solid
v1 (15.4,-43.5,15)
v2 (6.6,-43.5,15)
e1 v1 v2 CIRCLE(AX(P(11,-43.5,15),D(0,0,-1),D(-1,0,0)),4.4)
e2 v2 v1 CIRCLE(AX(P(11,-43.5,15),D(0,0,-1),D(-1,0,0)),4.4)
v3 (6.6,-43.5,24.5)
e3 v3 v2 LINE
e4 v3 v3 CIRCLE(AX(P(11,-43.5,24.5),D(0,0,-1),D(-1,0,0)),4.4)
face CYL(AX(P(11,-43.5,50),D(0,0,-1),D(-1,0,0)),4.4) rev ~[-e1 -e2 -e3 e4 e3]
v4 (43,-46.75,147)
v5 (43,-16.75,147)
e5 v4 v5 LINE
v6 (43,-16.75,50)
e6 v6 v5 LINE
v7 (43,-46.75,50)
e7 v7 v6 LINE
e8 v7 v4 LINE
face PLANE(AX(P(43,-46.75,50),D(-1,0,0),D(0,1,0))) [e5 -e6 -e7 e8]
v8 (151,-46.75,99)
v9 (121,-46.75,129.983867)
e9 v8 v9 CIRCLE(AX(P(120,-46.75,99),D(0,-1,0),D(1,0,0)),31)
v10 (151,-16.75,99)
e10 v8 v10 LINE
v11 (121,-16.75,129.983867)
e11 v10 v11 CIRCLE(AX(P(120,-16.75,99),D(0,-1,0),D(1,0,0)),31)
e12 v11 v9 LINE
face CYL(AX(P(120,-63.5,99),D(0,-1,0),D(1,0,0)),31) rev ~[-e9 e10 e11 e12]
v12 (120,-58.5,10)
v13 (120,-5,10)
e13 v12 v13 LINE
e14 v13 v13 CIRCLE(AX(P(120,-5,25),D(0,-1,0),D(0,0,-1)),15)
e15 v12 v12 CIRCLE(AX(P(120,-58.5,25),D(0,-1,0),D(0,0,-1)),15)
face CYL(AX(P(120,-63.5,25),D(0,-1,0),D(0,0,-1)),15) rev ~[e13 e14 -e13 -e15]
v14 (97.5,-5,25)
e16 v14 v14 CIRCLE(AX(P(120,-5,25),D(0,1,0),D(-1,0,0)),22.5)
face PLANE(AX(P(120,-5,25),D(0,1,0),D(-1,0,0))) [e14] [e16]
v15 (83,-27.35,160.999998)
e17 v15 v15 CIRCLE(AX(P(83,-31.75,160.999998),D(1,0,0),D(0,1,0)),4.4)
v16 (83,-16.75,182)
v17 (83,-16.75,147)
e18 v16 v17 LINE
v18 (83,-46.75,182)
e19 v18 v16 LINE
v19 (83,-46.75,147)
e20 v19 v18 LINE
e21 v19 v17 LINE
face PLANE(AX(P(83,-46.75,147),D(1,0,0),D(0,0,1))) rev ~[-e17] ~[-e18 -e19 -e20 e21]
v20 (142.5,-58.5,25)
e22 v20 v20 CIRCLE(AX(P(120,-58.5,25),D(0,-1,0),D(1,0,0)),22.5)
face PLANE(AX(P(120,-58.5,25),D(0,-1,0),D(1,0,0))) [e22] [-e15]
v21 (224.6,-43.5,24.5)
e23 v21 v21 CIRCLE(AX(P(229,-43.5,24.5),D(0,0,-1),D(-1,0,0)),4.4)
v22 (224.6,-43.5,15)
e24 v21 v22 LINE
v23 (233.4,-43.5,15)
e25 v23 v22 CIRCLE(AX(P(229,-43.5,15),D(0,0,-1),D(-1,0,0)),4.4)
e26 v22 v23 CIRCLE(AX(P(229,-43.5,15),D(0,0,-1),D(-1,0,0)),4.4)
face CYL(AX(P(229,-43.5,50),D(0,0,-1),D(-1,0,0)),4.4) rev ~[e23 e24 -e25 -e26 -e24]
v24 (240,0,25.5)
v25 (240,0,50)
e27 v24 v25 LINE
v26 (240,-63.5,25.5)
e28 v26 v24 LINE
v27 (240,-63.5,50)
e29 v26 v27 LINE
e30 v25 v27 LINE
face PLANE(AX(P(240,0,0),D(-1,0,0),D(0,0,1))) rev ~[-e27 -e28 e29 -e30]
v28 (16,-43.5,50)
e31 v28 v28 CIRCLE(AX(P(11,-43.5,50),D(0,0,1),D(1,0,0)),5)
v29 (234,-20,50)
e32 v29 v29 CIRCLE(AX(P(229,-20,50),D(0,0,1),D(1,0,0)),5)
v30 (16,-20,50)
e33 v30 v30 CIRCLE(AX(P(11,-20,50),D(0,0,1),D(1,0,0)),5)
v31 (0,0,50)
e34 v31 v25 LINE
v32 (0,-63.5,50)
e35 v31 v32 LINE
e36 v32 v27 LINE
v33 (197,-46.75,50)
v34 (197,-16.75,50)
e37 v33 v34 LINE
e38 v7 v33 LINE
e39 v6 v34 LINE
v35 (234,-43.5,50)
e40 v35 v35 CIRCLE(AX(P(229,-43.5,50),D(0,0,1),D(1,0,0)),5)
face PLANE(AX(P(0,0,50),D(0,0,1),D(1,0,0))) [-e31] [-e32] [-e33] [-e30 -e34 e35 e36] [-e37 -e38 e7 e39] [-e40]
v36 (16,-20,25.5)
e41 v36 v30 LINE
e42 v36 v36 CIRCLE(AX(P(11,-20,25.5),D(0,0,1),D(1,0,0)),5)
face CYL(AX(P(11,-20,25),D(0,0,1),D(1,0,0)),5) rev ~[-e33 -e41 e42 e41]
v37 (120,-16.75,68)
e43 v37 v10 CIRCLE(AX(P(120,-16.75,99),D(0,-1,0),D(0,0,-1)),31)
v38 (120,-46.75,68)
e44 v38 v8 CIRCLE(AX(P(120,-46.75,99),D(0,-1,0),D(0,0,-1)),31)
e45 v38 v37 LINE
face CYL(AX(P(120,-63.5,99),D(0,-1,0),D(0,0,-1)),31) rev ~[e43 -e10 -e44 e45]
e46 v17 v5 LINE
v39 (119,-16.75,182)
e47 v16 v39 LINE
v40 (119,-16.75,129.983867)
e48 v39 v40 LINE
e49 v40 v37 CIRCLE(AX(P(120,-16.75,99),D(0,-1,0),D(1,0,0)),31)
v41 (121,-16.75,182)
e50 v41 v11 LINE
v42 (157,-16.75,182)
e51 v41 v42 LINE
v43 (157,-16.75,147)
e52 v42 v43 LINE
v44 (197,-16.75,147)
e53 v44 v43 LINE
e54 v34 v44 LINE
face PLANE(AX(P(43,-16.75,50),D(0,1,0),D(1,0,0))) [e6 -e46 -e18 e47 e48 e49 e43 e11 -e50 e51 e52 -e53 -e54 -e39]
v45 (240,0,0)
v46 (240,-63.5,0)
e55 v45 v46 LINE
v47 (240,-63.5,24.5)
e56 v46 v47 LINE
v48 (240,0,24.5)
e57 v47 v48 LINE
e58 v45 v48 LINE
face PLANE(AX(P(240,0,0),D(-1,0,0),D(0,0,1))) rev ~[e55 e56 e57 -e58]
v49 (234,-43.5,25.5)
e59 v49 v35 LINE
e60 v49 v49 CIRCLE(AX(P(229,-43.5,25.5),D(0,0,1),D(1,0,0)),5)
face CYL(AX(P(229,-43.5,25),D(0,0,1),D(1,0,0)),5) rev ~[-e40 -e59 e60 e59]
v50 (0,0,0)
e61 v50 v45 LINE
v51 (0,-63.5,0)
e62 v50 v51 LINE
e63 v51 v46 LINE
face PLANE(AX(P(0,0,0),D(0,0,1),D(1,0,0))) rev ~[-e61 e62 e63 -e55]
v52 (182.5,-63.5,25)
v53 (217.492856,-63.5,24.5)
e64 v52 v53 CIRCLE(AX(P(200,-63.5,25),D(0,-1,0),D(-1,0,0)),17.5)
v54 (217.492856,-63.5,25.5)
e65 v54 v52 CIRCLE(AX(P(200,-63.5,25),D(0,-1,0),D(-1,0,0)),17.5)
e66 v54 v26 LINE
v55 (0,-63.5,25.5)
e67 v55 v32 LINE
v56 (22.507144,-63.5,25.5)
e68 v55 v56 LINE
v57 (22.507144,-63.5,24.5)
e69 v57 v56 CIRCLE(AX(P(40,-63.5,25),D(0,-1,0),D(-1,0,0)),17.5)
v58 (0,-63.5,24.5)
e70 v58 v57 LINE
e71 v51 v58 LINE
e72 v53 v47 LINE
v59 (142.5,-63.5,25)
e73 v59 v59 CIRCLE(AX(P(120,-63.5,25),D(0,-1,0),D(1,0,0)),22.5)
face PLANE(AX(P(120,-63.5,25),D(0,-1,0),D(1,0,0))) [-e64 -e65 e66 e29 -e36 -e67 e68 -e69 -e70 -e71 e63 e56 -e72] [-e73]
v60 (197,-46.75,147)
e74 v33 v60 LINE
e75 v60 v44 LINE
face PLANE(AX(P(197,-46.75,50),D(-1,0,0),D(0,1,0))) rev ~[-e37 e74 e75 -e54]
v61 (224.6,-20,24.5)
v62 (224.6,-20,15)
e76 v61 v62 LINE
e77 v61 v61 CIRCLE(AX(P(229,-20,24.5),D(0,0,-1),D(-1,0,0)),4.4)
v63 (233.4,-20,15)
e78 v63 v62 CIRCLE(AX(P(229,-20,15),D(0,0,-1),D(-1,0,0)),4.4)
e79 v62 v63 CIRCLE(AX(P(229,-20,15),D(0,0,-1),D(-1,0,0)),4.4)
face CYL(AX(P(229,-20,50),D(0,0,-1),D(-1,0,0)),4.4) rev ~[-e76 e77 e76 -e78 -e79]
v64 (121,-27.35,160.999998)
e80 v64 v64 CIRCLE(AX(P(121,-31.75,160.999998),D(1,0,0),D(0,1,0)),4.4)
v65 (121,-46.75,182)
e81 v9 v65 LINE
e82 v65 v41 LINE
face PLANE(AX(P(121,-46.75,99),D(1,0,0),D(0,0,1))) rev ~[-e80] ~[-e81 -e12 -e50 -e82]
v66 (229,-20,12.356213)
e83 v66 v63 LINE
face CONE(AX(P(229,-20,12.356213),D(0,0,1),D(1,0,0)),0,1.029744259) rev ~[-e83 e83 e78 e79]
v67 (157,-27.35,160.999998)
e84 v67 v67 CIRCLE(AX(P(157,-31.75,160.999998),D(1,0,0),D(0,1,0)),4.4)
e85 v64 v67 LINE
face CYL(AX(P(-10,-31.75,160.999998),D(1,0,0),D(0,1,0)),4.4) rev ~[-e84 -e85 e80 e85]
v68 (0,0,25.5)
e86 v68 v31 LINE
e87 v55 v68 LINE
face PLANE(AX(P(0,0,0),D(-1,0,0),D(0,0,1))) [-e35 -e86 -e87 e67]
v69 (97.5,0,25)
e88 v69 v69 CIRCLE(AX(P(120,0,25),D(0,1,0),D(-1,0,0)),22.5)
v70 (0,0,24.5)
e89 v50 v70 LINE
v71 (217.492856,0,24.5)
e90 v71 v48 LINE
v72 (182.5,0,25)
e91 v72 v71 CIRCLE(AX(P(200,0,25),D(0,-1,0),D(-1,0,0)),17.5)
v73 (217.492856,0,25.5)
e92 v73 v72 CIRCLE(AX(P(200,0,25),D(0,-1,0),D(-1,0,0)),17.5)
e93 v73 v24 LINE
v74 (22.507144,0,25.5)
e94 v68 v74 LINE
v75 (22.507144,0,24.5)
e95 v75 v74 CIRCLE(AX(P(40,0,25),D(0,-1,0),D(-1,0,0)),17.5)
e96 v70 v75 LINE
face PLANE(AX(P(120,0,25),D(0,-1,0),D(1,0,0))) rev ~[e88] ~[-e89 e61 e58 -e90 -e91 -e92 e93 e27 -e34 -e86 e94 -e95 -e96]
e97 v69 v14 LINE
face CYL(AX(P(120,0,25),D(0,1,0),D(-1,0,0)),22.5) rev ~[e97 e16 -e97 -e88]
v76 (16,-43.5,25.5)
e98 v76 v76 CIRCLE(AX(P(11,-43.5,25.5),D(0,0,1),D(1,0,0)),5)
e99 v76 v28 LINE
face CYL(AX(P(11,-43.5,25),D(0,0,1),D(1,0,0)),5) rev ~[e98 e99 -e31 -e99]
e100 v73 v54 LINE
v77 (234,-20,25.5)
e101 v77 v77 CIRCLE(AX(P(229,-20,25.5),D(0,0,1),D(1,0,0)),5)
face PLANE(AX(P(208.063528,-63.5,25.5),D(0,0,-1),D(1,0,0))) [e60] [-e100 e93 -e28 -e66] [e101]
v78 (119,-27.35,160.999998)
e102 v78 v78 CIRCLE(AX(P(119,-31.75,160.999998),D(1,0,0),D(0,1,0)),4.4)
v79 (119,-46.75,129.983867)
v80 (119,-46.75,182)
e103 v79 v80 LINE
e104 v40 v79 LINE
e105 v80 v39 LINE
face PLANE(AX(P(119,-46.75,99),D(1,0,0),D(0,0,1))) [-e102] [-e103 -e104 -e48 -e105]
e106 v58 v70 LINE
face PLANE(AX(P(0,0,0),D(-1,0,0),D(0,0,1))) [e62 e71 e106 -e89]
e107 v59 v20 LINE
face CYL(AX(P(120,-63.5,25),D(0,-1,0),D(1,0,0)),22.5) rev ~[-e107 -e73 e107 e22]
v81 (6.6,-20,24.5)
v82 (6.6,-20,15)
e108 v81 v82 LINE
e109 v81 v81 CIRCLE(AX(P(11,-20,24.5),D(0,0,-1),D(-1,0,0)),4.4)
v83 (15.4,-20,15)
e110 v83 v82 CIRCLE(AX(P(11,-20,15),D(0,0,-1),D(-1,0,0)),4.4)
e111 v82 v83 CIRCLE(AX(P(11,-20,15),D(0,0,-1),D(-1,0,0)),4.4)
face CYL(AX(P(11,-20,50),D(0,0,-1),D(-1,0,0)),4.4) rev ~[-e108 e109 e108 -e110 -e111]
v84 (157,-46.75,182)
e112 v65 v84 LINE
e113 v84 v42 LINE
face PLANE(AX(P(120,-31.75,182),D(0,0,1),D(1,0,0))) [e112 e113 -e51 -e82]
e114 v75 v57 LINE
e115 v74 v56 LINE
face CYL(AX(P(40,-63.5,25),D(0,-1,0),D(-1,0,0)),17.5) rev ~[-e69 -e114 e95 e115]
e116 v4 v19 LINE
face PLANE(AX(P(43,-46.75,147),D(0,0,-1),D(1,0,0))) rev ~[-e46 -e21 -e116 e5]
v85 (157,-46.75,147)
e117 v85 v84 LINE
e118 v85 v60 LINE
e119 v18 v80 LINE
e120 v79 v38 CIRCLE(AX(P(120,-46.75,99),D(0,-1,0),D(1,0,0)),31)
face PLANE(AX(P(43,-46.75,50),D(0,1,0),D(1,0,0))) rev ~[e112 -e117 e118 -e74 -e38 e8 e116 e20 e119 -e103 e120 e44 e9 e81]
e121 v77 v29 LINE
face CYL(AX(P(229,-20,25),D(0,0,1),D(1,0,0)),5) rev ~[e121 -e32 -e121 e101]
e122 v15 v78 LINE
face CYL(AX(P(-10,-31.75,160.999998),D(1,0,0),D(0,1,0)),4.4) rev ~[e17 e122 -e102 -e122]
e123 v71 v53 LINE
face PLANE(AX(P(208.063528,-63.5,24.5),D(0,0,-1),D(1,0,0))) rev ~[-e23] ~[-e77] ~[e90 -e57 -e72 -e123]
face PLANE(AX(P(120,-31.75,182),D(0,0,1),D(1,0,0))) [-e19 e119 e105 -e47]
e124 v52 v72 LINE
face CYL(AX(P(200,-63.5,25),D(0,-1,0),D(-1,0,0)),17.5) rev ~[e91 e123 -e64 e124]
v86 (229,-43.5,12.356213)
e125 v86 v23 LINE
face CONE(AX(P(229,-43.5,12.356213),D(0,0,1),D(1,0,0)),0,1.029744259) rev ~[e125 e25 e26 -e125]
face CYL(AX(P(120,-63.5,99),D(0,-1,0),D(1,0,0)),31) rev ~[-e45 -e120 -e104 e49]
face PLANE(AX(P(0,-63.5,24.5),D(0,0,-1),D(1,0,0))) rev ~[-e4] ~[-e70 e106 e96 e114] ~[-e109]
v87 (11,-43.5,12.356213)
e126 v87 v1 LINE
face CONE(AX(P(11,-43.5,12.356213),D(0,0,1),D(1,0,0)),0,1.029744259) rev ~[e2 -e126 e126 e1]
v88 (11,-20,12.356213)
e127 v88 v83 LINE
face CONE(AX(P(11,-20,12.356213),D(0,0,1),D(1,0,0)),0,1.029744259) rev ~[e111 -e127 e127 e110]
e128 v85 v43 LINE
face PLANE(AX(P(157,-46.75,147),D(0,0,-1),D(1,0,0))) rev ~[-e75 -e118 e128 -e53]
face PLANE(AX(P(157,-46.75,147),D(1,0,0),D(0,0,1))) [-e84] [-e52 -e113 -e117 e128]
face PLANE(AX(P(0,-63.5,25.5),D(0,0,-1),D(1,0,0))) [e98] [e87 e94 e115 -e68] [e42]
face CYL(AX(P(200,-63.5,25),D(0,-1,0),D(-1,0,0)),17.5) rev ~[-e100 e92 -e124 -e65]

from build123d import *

# Parameters (mm, degrees)
F0_W            = 240
F0_H            = 50
F1_DEPTH        = 63.5
F3_DEPTH        = 63.501
F4_R            = 22.5
F5_DEPTH        = 5
F6_R            = 22.5
F7_DEPTH        = 5
F8_W            = 33.4643870592
F8_H            = 0.5
F8_W_2          = 31.9364720583
F9_DEPTH        = 63.501
F11_D           = 8.8
F11_DEPTH       = 35
F11_CBORE_D     = 10
F11_CBORE_DEPTH = 25
F11_TIP         = 2.6437867237
F12_W           = 154
F12_H           = 30
F13_DEPTH       = 132
F15_DEPTH       = 63.501
F16_W           = 1
F16_H           = 104.974
F17_DEPTH       = 46.751
F18_W           = 40
F18_H           = 35
F19_DEPTH       = 46.751
F21_D           = 8.8
F21_DEPTH       = 93
F21_TIP         = 2.6437867237


with BuildPart() as f1:
    # F0 (on Front) → F1 (new body)
    with BuildSketch(Plane.XZ):
        with Locations((120, 25)):
            Rectangle(F0_W, F0_H)
    extrude(amount=F1_DEPTH)

    # F2 (on face) → F3 (cut, through all)
    with BuildSketch(Plane.XZ.offset(63.5)):
        with BuildLine():
            Line((22.5, 25), (40, 25))
            Line((40, 25), (57.5, 25))
            ThreePointArc((57.5, 25), (40, 42.5), (22.5, 25))
        make_face()
        with BuildLine():
            Line((57.5, 25), (40, 25))
            Line((40, 25), (22.5, 25))
            ThreePointArc((22.5, 25), (40, 7.5), (57.5, 25))
        make_face()
        with BuildLine():
            ThreePointArc((217.5, 25), (200, 42.5), (182.5, 25))
            Line((182.5, 25), (200, 25))
            Line((200, 25), (217.5, 25))
        make_face()
        with BuildLine():
            Line((200, 25), (182.5, 25))
            ThreePointArc((182.5, 25), (200, 7.5), (217.5, 25))
            Line((217.5, 25), (200, 25))
        make_face()
        with BuildLine():
            ThreePointArc((120, 40), (109.3933982822, 35.6066017178), (105, 25))
            Line((105, 25), (120, 25))
            Line((120, 25), (120, 40))
        make_face()
        with BuildLine():
            Line((120, 25), (105, 25))
            ThreePointArc((105, 25), (109.3933982822, 14.3933982822), (120, 10))
            Line((120, 10), (120, 25))
        make_face()
        with BuildLine():
            Line((120, 40), (120, 25))
            Line((120, 25), (135, 25))
            ThreePointArc((135, 25), (130.6066017178, 35.6066017178), (120, 40))
        make_face()
        with BuildLine():
            Line((135, 25), (120, 25))
            Line((120, 25), (120, 10))
            ThreePointArc((120, 10), (130.6066017178, 14.3933982822), (135, 25))
        make_face()
    extrude(amount=-F3_DEPTH, mode=Mode.SUBTRACT)

    # F4 (on face) → F5 (cut)
    with BuildSketch(Plane.XZ.offset(63.5)):
        with Locations((120, 25)):
            Circle(F4_R)
    extrude(amount=-F5_DEPTH, mode=Mode.SUBTRACT)

    # F6 (on face) → F7 (cut)
    with BuildSketch(Plane(origin=(0, 0, 0), x_dir=(-1, 0, 0), z_dir=(0, 1, 0))):
        with Locations((-120, 25)):
            Circle(F6_R)
    extrude(amount=-F7_DEPTH, mode=Mode.SUBTRACT)

    # F8 (on face) → F9 (cut, through all)
    with BuildSketch(Plane.XZ.offset(63.5)):
        with Locations((16.7321935296, 25.25)):
            Rectangle(F8_W, F8_H)
        with Locations((16.7321935296, 24.75)):
            Rectangle(F8_W, F8_H)
        with Locations((224.0317639709, 24.75)):
            Rectangle(F8_W_2, F8_H)
        with Locations((224.0317639709, 25.25)):
            Rectangle(F8_W_2, F8_H)
    extrude(amount=-F9_DEPTH, mode=Mode.SUBTRACT)

    # F11
    with Locations(Plane.XY.offset(50)):
        with Locations((11, -20), (11, -43.5), (229, -20), (229, -43.5)):
            CounterBoreHole(F11_D / 2, F11_CBORE_D / 2, F11_CBORE_DEPTH, depth=F11_DEPTH)
            with Locations((0, 0, -(F11_DEPTH + F11_TIP / 2))):  # 118° drill point
                Cone(0, F11_D / 2, F11_TIP, mode=Mode.SUBTRACT)

    # F12 (on face) → F13 (join)
    with BuildSketch(Plane.XY.offset(50)):
        with Locations((120, -31.75)):
            Rectangle(F12_W, F12_H)
    extrude(amount=F13_DEPTH)

    # F14 (on face) → F15 (cut, through all)
    with BuildSketch(Plane.XZ.offset(63.5)):
        with BuildLine():
            ThreePointArc((120, 68), (141.9203102168, 77.0796897832), (151, 99))
            ThreePointArc((151, 99), (98.0796897832, 120.9203102168), (120, 68))
        make_face()
        with BuildLine():
            ThreePointArc((151, 99), (98.0796897832, 120.9203102168), (120, 68))
            ThreePointArc((120, 68), (141.9203102168, 77.0796897832), (151, 99))
        make_face()
    extrude(amount=-F15_DEPTH, mode=Mode.SUBTRACT)

    # F16 (on face) → F17 (cut, through all)
    with BuildSketch(Plane.XZ.offset(46.75)):
        with Locations((119.5, 151.487)):
            Rectangle(F16_W, F16_H)
        with Locations((120.5, 151.487)):
            Rectangle(F16_W, F16_H)
    extrude(amount=-F17_DEPTH, mode=Mode.SUBTRACT)

    # F18 (on face) → F19 (cut, through all)
    with BuildSketch(Plane.XZ.offset(46.75)):
        with Locations((63, 164.5)):
            Rectangle(F18_W, F18_H)
        with Locations((177, 164.5)):
            Rectangle(F18_W, F18_H)
    extrude(amount=-F19_DEPTH, mode=Mode.SUBTRACT)

    # F21
    with Locations(Plane(origin=(83, 0, 0), x_dir=(0, -1, 0), z_dir=(-1, 0, 0))):
        with Locations((31.75, 160.9999984503)):
            Hole(F21_D / 2, depth=F21_DEPTH)
            with Locations((0, 0, -(F21_DEPTH + F21_TIP / 2))):  # 118° drill point
                Cone(0, F21_D / 2, F21_TIP, mode=Mode.SUBTRACT)


solid = f1.part
